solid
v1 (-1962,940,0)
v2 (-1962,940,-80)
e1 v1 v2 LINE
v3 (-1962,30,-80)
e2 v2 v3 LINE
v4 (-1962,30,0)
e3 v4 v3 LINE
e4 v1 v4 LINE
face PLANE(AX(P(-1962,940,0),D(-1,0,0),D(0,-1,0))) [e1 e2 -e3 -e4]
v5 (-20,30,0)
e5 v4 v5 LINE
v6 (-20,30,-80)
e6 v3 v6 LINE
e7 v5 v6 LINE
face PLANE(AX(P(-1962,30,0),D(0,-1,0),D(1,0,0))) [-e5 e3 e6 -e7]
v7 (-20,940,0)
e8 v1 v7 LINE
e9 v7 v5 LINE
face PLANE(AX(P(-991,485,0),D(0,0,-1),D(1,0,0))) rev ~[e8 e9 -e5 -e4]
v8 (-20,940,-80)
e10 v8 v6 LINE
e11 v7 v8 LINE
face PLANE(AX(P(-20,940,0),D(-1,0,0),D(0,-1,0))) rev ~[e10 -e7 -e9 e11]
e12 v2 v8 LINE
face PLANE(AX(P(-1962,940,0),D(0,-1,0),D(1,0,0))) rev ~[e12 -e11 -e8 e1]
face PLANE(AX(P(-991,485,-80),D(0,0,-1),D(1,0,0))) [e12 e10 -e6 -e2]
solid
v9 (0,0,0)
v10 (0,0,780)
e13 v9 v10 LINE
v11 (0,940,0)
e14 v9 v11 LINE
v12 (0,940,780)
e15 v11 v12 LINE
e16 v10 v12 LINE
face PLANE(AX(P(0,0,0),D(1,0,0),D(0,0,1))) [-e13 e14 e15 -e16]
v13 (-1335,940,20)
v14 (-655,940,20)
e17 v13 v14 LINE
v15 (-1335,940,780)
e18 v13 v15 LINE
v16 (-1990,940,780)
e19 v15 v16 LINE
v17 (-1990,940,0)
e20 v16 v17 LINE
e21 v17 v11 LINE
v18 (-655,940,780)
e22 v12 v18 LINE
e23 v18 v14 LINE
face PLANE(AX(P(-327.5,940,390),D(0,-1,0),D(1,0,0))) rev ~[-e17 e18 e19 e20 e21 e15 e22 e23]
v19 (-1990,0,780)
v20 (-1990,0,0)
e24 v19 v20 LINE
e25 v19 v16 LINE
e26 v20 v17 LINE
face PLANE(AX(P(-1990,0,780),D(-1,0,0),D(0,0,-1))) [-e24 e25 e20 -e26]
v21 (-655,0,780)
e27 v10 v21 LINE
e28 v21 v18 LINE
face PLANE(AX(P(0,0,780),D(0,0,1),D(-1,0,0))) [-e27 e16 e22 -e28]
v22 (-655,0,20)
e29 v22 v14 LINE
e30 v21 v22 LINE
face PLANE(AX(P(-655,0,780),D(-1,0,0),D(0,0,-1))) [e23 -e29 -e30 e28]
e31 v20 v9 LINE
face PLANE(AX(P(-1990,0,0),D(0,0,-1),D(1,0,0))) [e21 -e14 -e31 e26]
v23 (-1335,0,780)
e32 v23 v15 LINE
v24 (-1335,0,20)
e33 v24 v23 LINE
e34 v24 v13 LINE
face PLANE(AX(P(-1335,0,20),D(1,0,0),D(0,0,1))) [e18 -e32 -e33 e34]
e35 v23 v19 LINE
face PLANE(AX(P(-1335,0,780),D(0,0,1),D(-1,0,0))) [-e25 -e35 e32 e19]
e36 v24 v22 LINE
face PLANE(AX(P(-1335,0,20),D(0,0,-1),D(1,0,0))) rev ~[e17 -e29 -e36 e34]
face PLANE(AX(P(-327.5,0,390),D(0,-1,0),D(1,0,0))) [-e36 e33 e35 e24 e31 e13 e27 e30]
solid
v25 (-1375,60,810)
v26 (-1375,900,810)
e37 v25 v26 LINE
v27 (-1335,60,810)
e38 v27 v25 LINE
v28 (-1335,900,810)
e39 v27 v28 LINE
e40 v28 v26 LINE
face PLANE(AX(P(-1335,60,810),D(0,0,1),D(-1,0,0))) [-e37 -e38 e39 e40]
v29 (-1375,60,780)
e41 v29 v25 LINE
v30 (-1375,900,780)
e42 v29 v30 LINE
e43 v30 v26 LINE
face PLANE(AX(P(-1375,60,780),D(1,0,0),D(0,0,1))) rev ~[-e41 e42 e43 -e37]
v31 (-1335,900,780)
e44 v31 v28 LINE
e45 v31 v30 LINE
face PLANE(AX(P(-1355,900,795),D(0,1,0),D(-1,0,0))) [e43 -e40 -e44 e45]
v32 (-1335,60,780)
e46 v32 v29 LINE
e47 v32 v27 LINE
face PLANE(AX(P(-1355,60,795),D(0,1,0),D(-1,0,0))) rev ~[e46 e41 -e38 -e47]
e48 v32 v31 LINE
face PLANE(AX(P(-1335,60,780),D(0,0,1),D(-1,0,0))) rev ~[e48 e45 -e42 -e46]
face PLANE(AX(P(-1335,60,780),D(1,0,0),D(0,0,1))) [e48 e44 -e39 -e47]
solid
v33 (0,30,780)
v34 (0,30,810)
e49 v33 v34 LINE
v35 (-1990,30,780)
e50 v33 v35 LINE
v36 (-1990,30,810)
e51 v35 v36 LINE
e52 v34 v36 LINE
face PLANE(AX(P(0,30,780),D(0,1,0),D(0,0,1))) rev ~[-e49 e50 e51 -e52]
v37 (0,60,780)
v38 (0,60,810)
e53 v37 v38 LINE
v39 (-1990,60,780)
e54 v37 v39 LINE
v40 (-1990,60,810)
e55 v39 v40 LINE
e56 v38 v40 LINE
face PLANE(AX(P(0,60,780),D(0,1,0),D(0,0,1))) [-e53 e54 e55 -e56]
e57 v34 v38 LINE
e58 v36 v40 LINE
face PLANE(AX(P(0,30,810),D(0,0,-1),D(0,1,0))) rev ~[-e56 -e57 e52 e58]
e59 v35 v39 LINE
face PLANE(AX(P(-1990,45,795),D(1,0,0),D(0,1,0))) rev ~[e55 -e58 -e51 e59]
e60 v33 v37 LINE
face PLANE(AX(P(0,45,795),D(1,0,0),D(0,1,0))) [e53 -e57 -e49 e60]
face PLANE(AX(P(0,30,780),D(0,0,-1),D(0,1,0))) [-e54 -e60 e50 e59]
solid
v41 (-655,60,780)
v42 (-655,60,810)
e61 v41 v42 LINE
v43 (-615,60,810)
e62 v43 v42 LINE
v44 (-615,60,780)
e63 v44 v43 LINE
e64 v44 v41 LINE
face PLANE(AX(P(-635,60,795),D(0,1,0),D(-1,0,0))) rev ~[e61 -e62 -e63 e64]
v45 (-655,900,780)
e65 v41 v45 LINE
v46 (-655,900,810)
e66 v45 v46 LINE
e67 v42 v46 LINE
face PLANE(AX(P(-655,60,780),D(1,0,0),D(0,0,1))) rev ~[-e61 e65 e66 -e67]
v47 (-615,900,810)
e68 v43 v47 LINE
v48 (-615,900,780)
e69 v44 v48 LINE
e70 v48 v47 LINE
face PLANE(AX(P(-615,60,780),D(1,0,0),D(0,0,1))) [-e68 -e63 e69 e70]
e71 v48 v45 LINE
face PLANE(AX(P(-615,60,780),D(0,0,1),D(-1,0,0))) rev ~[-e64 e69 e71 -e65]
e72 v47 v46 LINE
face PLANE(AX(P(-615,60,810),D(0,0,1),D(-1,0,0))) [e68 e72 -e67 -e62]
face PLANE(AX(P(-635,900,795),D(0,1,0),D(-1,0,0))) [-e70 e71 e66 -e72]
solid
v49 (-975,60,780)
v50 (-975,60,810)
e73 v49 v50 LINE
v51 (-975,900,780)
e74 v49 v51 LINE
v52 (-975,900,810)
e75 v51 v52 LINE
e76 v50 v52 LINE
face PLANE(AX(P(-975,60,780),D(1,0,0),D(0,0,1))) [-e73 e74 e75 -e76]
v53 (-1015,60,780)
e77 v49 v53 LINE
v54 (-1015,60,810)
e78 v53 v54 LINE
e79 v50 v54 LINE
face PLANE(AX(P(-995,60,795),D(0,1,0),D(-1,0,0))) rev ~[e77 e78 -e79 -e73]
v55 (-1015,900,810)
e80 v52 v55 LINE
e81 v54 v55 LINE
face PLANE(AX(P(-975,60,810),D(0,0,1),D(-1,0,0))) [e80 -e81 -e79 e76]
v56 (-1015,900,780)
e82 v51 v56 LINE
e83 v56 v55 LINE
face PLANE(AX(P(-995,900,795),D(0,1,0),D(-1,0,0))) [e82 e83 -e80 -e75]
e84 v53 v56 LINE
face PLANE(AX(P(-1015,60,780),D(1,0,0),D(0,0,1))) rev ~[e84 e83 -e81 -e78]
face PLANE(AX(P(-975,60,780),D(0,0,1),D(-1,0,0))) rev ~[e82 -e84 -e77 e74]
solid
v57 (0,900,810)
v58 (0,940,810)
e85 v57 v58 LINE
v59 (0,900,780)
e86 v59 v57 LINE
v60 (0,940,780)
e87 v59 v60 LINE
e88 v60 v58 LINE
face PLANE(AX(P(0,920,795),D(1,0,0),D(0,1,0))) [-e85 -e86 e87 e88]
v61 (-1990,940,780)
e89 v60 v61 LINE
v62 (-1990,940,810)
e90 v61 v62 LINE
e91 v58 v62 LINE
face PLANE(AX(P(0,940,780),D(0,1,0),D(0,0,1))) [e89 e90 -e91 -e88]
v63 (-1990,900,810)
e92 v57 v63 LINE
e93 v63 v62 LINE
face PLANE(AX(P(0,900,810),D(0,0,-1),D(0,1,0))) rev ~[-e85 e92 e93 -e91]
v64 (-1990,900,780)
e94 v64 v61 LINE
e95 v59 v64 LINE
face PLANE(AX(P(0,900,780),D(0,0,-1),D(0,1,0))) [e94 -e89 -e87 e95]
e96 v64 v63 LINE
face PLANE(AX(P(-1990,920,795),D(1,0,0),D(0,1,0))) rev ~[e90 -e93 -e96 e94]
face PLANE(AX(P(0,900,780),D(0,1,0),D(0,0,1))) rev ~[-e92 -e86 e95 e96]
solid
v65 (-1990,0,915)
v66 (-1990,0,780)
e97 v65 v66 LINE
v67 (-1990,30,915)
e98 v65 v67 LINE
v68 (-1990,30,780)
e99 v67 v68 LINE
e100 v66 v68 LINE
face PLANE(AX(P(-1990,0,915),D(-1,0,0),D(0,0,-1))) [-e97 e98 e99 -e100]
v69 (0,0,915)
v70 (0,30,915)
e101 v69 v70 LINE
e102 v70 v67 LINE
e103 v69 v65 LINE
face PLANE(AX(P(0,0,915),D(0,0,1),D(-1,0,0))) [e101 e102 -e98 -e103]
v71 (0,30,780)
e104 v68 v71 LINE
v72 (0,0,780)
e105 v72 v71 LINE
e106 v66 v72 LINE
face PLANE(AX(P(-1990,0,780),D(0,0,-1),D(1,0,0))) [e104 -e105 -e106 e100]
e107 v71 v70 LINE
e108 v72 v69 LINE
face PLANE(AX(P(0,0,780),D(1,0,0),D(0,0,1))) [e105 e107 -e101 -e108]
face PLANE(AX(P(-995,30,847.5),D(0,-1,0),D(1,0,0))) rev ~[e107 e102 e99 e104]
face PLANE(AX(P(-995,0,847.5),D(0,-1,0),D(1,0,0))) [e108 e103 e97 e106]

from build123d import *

# Parameters (mm, degrees)
F0_W     = 680
F0_H     = 20
F1_DEPTH = 940
F2_DEPTH = 30
F3_W     = 30
F3_H     = 30
F3_W_2   = 40
F4_DEPTH = 1990
F5_W     = 40
F5_H     = 30
F6_DEPTH = 840
F7_W     = 1942
F7_H     = 910
F8_DEPTH = 80


with BuildPart() as f1:
    # F0 (on Front) → F1 (new body)
    with BuildSketch(Plane.XZ):
        Polygon((-655, 0), (0, 0), (0, 780), (-655, 780), (-655, 20), align=None)
        Polygon((-1990, 0), (-1335, 0), (-1335, 20), (-1335, 780), (-1990, 780), align=None)
        with Locations((-995, 10)):
            Rectangle(F0_W, F0_H)
    extrude(amount=-F1_DEPTH)


with BuildPart() as f2:
    # F0 (on Front) → F2 (new body)
    with BuildSketch(Plane.XZ):
        Polygon((-655, 780), (0, 780), (0, 915), (-1990, 915), (-1990, 780), (-1335, 780), align=None)
    extrude(amount=-F2_DEPTH)


with BuildPart() as f4:
    # F3 (on face) → F4 (new body, through all)
    with BuildSketch(Plane.YZ):
        with Locations((45, 795)):
            Rectangle(F3_W, F3_H)
        with Locations((920, 795)):
            Rectangle(F3_W_2, F3_H)
    extrude(amount=-F4_DEPTH)


with BuildPart() as f6:
    # F5 (on face) → F6 (new body, through all)
    with BuildSketch(Plane(origin=(0, 60, 0), x_dir=(-1, 0, 0), z_dir=(0, 1, 0))):
        with Locations((635, 795)):
            Rectangle(F5_W, F5_H)
        with Locations((995, 795)):
            Rectangle(F5_W, F5_H)
        with Locations((1355, 795)):
            Rectangle(F5_W, F5_H)
    extrude(amount=F6_DEPTH)


with BuildPart() as f8:
    # F7 (on face) → F8 (new body)
    with BuildSketch(Plane(origin=(0, 0, 0), x_dir=(1, 0, 0), z_dir=(0, 0, -1))):
        with Locations((-991, -485)):
            Rectangle(F7_W, F7_H)
    extrude(amount=F8_DEPTH)


solid = Compound([f1.part, f2.part, f4.part, f6.part, f8.part])
